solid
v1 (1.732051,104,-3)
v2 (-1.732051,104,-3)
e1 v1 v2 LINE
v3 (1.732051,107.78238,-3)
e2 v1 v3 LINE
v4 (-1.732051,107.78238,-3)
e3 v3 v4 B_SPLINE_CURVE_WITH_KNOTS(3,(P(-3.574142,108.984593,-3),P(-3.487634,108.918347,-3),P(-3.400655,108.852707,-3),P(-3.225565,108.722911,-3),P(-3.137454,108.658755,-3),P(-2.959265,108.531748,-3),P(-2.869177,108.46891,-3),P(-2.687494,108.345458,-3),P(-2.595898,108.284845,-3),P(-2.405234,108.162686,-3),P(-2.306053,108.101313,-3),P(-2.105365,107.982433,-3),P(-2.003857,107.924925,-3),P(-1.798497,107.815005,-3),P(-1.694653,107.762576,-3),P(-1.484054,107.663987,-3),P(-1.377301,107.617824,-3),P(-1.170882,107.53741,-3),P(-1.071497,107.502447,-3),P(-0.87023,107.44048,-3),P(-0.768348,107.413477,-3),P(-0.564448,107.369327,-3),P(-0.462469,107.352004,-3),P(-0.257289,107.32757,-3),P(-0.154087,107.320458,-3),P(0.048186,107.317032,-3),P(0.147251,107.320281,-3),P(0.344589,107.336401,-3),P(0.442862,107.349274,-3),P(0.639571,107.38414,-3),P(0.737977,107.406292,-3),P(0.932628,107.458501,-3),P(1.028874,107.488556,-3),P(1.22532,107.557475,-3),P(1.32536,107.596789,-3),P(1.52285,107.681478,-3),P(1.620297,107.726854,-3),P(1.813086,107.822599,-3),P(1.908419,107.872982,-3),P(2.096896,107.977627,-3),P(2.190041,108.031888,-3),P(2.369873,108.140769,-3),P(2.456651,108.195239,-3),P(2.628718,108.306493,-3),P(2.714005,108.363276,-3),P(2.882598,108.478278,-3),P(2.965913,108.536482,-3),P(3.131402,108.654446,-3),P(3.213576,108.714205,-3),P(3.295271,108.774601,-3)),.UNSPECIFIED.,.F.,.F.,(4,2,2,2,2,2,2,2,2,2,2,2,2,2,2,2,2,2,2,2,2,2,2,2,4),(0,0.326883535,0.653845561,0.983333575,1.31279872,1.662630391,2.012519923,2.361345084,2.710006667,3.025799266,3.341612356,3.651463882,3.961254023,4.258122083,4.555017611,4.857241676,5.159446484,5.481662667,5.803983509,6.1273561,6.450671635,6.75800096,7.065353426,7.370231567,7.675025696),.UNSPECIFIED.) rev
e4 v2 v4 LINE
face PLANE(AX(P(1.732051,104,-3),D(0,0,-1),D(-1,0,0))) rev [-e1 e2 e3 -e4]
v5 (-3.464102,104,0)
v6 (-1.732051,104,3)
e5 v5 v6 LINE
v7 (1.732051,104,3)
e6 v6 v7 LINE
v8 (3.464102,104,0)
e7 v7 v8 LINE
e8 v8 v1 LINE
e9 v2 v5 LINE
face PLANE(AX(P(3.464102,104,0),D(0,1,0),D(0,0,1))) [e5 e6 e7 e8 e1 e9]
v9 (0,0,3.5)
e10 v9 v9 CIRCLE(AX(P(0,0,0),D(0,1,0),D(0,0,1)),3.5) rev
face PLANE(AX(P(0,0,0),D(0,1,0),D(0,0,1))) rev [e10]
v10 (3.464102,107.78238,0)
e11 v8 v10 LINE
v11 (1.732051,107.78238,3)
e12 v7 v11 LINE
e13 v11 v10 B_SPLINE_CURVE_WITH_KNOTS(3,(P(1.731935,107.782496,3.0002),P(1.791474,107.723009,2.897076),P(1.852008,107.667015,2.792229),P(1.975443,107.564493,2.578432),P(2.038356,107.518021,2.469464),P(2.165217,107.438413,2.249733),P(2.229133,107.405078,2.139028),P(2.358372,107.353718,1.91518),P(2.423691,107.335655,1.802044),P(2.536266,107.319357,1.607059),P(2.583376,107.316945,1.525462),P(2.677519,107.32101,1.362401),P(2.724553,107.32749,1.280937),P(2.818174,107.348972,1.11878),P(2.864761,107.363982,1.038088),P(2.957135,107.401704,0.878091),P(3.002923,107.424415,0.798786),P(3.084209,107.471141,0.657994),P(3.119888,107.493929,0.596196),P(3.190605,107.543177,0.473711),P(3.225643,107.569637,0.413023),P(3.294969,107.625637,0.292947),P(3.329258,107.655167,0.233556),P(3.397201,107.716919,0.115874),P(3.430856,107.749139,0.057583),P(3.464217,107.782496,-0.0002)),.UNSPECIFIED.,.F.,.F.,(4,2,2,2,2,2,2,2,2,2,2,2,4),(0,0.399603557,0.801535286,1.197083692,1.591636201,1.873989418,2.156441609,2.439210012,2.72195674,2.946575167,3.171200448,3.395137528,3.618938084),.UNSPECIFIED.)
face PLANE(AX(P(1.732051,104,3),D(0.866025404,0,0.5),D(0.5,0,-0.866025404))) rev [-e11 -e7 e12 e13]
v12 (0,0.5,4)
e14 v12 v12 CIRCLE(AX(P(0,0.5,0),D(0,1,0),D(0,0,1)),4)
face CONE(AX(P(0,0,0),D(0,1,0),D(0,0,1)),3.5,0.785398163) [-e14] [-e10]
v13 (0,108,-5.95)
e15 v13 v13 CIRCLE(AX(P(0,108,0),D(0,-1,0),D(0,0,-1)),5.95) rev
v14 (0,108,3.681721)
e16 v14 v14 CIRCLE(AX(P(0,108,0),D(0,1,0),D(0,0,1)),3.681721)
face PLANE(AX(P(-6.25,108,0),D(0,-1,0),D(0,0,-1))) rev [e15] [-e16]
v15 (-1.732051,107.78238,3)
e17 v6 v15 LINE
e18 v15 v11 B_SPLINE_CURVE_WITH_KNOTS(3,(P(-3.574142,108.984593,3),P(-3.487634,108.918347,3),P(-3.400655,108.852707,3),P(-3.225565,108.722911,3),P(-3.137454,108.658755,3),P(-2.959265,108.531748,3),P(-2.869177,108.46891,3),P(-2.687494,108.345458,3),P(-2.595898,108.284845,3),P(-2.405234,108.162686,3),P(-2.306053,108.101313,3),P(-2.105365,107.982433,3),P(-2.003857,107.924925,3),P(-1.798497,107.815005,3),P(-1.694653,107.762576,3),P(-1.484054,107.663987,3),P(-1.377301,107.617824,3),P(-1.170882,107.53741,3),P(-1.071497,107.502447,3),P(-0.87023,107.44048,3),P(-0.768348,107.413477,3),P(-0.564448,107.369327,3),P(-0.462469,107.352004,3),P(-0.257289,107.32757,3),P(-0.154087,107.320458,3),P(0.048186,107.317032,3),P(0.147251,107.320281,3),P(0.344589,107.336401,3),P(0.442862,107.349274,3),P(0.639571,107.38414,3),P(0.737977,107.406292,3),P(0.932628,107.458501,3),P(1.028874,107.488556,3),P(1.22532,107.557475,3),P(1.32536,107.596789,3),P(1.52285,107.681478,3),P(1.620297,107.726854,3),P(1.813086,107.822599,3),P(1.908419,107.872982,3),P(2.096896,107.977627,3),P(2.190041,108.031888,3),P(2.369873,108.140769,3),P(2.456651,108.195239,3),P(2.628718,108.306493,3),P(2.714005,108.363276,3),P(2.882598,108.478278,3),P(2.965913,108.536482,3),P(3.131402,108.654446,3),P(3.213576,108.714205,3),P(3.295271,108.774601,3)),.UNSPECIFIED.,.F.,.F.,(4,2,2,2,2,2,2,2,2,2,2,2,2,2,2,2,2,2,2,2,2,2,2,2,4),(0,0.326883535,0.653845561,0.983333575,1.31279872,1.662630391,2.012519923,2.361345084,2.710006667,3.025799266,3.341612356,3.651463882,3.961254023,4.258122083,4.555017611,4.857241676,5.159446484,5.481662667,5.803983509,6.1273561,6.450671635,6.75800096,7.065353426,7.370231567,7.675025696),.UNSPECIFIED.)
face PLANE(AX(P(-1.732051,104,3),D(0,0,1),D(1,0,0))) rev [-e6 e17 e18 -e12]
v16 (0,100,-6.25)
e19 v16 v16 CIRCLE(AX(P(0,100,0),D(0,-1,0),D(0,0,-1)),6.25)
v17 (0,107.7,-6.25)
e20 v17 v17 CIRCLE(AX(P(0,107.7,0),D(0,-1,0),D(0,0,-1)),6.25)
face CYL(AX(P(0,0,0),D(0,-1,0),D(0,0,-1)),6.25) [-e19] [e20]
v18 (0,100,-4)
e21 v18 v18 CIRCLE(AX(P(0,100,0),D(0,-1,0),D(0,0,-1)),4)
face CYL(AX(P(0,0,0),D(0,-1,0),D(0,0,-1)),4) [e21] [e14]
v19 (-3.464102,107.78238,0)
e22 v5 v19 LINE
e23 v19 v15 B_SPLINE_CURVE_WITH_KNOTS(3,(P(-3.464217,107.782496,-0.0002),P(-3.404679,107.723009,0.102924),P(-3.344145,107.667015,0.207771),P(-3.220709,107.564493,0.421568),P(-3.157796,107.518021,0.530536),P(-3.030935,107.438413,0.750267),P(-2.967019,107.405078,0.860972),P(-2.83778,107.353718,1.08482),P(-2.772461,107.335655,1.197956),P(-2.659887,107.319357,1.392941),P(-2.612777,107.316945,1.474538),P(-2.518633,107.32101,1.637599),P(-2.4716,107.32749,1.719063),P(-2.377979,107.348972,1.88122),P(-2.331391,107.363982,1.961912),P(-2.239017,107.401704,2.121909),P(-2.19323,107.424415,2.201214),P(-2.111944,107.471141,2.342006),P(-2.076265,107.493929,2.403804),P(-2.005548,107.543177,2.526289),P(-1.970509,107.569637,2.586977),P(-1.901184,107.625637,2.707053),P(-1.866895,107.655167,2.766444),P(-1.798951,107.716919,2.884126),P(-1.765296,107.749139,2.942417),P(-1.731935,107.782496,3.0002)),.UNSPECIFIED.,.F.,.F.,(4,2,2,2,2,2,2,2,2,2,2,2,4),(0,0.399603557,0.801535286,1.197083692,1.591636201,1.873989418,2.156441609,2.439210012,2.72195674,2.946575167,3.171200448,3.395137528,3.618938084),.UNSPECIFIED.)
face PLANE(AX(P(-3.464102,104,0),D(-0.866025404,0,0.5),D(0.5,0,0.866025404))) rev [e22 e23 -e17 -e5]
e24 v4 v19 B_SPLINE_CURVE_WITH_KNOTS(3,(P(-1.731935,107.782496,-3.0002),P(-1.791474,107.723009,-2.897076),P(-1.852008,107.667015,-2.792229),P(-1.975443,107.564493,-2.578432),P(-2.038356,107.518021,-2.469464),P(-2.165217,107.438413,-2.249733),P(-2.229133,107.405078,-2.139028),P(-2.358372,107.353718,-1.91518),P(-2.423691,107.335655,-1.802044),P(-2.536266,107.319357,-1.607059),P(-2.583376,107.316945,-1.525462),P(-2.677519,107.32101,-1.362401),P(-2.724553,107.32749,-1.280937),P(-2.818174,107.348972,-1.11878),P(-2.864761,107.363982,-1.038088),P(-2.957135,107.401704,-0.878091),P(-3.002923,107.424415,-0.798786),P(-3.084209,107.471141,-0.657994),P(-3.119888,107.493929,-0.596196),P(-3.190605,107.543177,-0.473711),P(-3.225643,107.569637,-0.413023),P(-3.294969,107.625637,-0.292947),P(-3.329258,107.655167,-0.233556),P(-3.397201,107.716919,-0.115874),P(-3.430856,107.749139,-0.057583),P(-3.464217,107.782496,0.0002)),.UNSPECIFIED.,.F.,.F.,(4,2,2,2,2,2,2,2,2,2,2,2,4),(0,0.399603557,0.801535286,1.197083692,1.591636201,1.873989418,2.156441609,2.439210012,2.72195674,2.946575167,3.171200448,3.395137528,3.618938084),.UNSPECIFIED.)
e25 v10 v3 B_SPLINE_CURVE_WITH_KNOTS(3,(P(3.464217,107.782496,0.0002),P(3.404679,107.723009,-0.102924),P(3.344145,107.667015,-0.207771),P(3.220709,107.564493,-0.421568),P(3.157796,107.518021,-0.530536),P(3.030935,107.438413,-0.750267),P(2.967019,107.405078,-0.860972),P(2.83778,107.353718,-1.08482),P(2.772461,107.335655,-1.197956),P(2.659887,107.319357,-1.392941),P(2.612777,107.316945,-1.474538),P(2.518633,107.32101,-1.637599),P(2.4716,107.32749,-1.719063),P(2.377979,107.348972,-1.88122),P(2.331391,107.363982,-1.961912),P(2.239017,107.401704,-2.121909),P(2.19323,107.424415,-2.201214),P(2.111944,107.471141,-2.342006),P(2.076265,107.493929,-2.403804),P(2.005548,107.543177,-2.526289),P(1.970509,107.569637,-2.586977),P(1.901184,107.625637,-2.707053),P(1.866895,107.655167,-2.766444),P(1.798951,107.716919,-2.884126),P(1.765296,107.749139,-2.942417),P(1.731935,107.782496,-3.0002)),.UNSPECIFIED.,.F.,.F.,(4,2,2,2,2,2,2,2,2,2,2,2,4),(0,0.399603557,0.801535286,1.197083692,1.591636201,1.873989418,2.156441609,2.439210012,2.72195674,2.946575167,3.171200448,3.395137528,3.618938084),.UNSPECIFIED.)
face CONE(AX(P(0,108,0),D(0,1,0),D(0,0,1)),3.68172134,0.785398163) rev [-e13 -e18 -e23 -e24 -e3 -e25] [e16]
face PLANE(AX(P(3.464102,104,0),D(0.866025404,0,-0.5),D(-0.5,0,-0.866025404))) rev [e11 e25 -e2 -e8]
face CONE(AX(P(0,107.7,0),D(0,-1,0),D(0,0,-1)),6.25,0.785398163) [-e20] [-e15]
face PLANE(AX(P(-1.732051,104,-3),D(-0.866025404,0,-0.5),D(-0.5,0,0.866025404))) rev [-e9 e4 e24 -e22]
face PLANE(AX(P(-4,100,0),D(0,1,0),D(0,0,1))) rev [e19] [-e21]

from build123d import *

# Parameters (mm, degrees)
WYCI_GNI_CIE1_DEPTH        = 4
SFAZOWANIE1_SIZE           = 0.3
SZKIC3_R                   = 3.68172134
WYTNIJ_WYCI_GNI_CIE1_DEPTH = 2
WYTNIJ_WYCI_GNI_CIE1_DRAFT = -45
SFAZOWANIE2_SIZE           = 0.5


with BuildPart() as part:
    # Szkic1 → Obrót1 (revolve)
    with BuildSketch(Plane.XY, mode=Mode.PRIVATE) as obr_t1_sk:
        Polygon((0, 0), (-4, 0), (-4, 100), (-6.25, 100), (-6.25, 108), (0, 108), align=None)
    revolve(obr_t1_sk.sketch.rotate(Axis((0, 0, 0), (0, 1, 0)), 270), axis=Axis((0, 0, 0), (0, 1, 0)))

    # Szkic2 → Wyciągnięcie1 (cut)
    with BuildSketch(Plane(origin=(0, 108, 0), x_dir=(1, 0, 0), z_dir=(0, 1, 0))):
        Polygon((3.464101615, 0), (1.732050808, 3), (-1.732050808, 3), (-3.464101615, 0), (-1.732050808, -3), (1.732050808, -3), align=None)
    extrude(amount=-WYCI_GNI_CIE1_DEPTH, mode=Mode.SUBTRACT)

    # Sfazowanie1
    sfazowanie1_edges = [part.edges().sort_by_distance(p)[0] for p in [
        (0, 108, 6.25),
    ]]
    chamfer(sfazowanie1_edges, length=SFAZOWANIE1_SIZE)


with BuildPart() as wytnij_wyci_gni_cie1_tool:
    # Szkic3 → Wytnij-wyciągnięcie1 (with draft: the straight prism first)
    with BuildSketch(Plane(origin=(0, 108, 0), x_dir=(1, 0, 0), z_dir=(0, 1, 0))):
        Circle(SZKIC3_R)
    extrude(amount=-WYTNIJ_WYCI_GNI_CIE1_DEPTH)
    # Wytnij-wyciągnięcie1: the draft: its side faces are tilted about the plane it starts from
    wytnij_wyci_gni_cie1_sides = [wytnij_wyci_gni_cie1_tool.faces().sort_by_distance(p)[0] for p in [
        (-3.68172134, 107, 0),
    ]]
    draft(wytnij_wyci_gni_cie1_sides, Plane(origin=(0, 108, 0), x_dir=(1, 0, 0), z_dir=(0, 1, 0)), WYTNIJ_WYCI_GNI_CIE1_DRAFT)


with BuildPart() as part_1:
    add(part.part)

    # Wytnij-wyciągnięcie1: cut by wytnij_wyci_gni_cie1_tool
    add(wytnij_wyci_gni_cie1_tool.part, mode=Mode.SUBTRACT)

    # Sfazowanie2
    sfazowanie2_edges = [part_1.edges().sort_by_distance(p)[0] for p in [
        (0, 0, 4),
    ]]
    chamfer(sfazowanie2_edges, length=SFAZOWANIE2_SIZE)


solid = part_1.part
